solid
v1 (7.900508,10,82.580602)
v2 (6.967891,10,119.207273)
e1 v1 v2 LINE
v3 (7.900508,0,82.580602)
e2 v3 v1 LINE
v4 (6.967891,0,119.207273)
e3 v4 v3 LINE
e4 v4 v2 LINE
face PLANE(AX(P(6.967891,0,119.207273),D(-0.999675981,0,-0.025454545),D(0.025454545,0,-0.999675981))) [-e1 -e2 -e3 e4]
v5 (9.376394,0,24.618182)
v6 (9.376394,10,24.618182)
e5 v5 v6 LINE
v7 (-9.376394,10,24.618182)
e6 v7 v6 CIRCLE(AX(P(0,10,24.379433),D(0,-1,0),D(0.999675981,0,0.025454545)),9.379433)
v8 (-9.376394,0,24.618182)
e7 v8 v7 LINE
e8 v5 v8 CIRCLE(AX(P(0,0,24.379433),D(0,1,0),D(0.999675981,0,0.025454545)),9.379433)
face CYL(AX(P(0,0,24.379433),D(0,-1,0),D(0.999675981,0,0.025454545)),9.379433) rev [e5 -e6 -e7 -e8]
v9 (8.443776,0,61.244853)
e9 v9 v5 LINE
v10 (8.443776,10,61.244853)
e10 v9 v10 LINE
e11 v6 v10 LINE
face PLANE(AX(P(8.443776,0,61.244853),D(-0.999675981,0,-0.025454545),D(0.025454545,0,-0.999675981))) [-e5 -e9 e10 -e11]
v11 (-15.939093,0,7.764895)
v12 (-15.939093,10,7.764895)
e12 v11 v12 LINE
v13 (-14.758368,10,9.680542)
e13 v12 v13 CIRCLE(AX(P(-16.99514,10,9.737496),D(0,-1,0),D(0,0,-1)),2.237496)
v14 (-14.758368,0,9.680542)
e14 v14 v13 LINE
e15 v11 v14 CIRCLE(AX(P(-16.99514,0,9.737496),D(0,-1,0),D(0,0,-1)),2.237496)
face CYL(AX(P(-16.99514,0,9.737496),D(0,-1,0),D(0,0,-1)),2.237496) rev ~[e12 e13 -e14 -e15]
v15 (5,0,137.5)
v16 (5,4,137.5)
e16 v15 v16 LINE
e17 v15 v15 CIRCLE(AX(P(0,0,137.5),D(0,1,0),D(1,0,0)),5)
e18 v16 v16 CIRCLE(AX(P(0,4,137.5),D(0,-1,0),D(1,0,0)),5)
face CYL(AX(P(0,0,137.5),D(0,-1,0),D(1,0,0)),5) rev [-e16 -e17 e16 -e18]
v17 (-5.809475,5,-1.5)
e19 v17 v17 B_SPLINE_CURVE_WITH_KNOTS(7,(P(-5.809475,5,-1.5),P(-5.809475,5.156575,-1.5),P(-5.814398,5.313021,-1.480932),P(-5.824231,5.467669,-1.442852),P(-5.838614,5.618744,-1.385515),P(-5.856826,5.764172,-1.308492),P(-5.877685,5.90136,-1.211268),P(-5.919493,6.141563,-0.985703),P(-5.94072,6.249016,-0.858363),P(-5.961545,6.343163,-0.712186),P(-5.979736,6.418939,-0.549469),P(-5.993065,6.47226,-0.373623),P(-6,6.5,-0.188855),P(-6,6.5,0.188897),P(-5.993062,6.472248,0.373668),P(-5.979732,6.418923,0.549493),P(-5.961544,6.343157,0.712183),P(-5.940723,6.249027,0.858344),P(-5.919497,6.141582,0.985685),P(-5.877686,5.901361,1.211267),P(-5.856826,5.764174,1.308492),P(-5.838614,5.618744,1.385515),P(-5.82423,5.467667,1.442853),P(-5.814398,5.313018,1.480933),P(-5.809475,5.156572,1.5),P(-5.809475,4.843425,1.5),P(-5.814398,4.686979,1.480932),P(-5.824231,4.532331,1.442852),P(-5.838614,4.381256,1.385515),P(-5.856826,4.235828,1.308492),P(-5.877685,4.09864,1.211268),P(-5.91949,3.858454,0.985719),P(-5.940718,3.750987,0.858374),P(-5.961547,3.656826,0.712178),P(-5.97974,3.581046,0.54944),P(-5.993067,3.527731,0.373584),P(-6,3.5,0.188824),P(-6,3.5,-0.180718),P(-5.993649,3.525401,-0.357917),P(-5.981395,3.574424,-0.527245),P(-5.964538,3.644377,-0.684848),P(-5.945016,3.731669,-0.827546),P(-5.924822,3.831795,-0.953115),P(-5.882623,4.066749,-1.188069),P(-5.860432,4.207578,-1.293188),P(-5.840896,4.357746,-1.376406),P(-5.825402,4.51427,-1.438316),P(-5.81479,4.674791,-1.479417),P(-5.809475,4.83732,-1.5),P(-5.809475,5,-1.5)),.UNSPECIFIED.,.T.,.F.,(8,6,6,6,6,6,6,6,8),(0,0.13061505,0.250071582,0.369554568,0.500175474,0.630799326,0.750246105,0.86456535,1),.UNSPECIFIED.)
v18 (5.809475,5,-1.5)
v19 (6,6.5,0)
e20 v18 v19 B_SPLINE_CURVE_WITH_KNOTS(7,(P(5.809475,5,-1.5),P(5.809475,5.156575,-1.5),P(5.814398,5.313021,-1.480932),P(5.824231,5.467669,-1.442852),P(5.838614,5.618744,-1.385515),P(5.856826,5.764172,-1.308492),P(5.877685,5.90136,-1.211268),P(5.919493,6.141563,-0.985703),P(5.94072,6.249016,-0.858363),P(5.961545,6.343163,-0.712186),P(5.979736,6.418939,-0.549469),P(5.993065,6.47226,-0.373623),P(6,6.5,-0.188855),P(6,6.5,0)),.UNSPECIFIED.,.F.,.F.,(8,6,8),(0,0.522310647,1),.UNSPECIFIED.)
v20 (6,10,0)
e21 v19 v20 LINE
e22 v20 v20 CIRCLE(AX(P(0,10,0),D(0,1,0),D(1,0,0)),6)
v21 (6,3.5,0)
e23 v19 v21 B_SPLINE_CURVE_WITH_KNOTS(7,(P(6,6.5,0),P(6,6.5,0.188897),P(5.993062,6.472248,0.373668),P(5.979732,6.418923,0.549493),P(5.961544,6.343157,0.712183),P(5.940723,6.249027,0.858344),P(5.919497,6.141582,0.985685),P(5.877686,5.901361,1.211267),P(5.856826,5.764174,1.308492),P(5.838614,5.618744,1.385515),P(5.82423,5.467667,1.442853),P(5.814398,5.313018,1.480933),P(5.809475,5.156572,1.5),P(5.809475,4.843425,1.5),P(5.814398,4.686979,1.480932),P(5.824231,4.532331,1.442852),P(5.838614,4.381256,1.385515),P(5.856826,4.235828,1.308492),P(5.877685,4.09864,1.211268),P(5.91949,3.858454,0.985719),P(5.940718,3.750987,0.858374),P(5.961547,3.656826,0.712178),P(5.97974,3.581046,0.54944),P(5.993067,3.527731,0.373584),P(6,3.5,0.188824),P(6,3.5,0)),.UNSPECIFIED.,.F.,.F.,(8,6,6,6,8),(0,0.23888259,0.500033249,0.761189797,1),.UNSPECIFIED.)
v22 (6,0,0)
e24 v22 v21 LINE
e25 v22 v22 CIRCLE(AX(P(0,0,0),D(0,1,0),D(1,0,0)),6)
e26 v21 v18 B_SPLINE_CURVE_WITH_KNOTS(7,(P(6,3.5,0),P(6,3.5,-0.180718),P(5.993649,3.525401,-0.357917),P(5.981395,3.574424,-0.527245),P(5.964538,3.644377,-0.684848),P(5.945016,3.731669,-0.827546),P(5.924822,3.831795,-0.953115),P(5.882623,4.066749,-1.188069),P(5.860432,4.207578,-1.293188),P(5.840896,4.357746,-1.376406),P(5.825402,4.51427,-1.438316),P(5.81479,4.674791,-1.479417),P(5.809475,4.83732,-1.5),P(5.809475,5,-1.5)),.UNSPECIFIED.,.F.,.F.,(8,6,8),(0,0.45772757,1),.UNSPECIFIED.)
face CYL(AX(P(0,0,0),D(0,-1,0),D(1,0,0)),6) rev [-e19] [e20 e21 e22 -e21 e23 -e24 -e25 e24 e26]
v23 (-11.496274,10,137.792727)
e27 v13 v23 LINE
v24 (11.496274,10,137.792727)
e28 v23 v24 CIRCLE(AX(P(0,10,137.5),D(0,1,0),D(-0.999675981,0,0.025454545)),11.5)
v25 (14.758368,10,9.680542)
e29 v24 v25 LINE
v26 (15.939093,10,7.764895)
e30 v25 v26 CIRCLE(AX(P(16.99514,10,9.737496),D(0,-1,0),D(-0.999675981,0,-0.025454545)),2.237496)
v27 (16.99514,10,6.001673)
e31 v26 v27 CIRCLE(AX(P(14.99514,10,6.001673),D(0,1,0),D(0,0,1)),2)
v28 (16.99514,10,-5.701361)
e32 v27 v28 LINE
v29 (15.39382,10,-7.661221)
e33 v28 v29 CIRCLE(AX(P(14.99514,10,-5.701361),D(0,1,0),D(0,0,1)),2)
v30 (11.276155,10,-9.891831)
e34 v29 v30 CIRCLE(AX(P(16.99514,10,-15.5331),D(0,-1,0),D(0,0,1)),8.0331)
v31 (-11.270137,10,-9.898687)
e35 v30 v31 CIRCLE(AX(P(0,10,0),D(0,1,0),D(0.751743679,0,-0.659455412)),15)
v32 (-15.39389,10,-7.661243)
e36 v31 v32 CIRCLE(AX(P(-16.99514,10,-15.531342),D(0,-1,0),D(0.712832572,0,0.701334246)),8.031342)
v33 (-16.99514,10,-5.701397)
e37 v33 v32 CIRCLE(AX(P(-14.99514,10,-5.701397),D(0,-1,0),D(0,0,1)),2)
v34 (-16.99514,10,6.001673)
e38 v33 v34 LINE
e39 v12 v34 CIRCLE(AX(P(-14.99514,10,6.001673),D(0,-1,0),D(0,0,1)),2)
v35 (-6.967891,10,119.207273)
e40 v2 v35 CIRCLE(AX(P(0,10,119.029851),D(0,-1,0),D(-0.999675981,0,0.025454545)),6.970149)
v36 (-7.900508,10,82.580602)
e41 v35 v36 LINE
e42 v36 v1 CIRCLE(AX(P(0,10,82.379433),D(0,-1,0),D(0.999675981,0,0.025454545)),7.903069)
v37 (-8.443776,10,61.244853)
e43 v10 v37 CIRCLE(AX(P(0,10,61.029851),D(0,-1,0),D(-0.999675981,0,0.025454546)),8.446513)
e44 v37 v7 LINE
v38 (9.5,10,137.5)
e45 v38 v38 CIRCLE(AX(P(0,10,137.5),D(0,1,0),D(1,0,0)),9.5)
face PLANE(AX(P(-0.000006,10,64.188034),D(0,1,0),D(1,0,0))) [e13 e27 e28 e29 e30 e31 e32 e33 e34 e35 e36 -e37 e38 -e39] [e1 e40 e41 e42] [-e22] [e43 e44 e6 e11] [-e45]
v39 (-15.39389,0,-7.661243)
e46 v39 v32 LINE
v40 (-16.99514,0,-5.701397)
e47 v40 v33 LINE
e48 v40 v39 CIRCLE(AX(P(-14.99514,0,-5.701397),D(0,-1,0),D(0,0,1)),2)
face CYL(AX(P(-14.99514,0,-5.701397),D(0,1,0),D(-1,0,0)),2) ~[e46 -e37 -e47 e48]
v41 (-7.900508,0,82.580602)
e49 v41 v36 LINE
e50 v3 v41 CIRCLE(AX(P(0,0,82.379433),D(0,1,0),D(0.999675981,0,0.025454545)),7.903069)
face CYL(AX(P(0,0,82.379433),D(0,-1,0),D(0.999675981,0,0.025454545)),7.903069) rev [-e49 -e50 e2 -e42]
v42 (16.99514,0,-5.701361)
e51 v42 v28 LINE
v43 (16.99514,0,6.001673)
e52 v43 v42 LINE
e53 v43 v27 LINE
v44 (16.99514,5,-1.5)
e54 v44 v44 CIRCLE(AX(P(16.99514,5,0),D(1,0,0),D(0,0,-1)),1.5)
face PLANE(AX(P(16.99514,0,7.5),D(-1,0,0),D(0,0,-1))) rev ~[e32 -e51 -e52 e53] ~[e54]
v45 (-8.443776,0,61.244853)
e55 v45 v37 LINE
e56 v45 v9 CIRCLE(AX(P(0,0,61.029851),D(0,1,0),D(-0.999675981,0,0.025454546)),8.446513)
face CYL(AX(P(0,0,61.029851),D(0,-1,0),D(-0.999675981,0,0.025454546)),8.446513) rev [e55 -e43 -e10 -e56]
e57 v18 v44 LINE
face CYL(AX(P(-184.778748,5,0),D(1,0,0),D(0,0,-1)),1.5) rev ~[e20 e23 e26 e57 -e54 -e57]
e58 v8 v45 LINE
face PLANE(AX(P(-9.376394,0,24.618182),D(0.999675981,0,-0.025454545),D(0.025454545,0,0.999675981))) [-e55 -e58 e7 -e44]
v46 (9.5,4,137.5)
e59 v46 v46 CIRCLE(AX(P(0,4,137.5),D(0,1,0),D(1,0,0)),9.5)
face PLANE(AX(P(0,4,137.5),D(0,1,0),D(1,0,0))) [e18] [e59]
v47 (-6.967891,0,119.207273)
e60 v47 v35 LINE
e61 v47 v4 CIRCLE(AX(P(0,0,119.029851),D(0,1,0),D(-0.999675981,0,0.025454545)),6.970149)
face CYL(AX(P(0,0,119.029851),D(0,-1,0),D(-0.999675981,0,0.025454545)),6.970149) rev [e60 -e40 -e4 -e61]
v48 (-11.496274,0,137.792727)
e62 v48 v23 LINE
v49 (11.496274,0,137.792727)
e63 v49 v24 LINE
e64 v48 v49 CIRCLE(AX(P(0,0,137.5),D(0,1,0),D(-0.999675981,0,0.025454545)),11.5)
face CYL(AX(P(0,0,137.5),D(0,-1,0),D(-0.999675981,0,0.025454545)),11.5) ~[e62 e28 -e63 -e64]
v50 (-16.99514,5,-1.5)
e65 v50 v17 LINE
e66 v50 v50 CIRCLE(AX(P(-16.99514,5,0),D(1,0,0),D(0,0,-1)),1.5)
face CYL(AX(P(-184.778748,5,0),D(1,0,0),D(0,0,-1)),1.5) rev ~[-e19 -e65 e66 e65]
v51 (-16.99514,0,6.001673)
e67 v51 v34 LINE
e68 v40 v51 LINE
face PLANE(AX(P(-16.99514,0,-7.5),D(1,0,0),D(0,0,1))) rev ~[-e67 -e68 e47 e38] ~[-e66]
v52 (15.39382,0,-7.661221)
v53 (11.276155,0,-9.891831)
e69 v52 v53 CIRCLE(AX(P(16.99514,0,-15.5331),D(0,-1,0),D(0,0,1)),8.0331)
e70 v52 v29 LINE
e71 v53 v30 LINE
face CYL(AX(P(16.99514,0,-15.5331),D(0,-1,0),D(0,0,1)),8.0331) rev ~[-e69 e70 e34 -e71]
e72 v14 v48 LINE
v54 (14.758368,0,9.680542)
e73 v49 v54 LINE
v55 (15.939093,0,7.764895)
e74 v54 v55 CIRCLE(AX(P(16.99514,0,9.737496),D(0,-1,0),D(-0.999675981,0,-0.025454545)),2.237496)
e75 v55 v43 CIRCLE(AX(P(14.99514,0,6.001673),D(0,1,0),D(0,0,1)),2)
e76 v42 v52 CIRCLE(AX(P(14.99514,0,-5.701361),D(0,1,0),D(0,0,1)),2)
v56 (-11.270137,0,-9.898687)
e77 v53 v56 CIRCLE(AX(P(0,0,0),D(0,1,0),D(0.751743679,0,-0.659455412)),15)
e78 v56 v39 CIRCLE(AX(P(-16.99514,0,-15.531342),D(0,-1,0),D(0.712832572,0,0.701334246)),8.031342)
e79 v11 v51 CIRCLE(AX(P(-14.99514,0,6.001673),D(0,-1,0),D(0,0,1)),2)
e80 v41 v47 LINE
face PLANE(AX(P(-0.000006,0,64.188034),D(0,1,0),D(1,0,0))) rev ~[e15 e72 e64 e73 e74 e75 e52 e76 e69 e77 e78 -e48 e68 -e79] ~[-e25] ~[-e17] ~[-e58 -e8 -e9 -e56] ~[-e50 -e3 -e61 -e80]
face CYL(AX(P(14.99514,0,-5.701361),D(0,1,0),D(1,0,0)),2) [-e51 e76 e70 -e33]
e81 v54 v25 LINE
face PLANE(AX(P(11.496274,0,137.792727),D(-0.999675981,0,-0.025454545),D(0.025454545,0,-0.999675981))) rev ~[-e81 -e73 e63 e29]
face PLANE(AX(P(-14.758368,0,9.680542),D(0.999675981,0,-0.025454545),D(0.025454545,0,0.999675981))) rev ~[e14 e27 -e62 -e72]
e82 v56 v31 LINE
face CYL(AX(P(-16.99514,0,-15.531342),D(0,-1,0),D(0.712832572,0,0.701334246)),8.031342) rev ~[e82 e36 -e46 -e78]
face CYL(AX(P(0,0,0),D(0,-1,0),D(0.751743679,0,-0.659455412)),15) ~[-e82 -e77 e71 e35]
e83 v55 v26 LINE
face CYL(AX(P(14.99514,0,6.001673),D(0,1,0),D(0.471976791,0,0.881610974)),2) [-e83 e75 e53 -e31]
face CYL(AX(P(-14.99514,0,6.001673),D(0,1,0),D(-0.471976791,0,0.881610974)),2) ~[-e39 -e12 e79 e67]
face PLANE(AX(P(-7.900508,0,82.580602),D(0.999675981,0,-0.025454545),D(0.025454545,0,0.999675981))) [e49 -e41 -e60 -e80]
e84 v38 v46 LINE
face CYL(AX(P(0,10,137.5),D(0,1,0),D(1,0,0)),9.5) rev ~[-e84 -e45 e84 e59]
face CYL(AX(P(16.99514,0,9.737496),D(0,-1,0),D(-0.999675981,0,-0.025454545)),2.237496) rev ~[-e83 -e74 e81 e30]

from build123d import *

# Parameters (mm, degrees)
SKETCH1_R           = 6
SKETCH1_R_2         = 5
BOSS_EXTRUDE1_DEPTH = 10
SKETCH2_R           = 9.5
CUT_EXTRUDE1_DEPTH  = 6
CUT_EXTRUDE3_DEPTH  = 11
FILLET1_R           = 2
M4_TAPPED_HOLE1_D   = 3


with BuildPart() as part:
    # Sketch1 → Boss-Extrude1 (new body)
    with BuildSketch(Plane(origin=(0, 0, 0), x_dir=(1, 0, 0), z_dir=(0, 1, 0))):
        with BuildLine():
            Line((-14.758368201, -9.680542044), (-11.496273776, -137.792727273))
            ThreePointArc((-11.496273776, -137.792727273), (0, -149), (11.496273776, -137.792727273))
            Line((11.496273776, -137.792727273), (14.758368201, -9.680542044))
            ThreePointArc((14.758368201, -9.680542044), (15.433257, -8.135337646), (16.995139708, -7.5))
            Line((16.995139708, -7.5), (16.995139708, 7.5))
            ThreePointArc((16.995139708, 7.5), (13.895638119, 8.122041636), (11.276155185, 9.891831188))
            ThreePointArc((11.276155185, 9.891831188), (0.004561048, 14.999999307), (-11.270137484, 9.898686836))
            ThreePointArc((-11.270137484, 9.898686836), (-13.891539017, 8.123905388), (-16.995139708, 7.5))
            Line((-16.995139708, 7.5), (-16.995139708, -7.5))
            ThreePointArc((-16.995139708, -7.5), (-15.433257, -8.135337646), (-14.758368201, -9.680542044))
        make_face()
        Circle(SKETCH1_R, mode=Mode.SUBTRACT)
        with Locations((0, -137.5)):
            Circle(SKETCH1_R_2, mode=Mode.SUBTRACT)
    extrude(amount=BOSS_EXTRUDE1_DEPTH)

    # Sketch2 → Cut-Extrude1 (cut)
    with BuildSketch(Plane(origin=(0, 10, 0), x_dir=(1, 0, 0), z_dir=(0, 1, 0))):
        with Locations((0, -137.5)):
            Circle(SKETCH2_R)
    extrude(amount=-CUT_EXTRUDE1_DEPTH, mode=Mode.SUBTRACT)

    # Sketch4 → Cut-Extrude3 (cut, through all)
    with BuildSketch(Plane(origin=(0, 0, 0), x_dir=(1, 0, 0), z_dir=(0, 1, 0))):
        with BuildLine():
            Line((-9.376393506, -24.618181818), (-8.443776056, -61.244852893))
            ThreePointArc((-8.443776056, -61.244852893), (0, -69.476363636), (8.443776056, -61.244852893))
            Line((8.443776056, -61.244852893), (9.376393506, -24.618181818))
            ThreePointArc((9.376393506, -24.618181818), (0, -15), (-9.376393506, -24.618181818))
        make_face()
        with BuildLine():
            Line((-7.90050824, -82.580601653), (-6.96789079, -119.207272727))
            ThreePointArc((-6.96789079, -119.207272727), (0, -126), (6.96789079, -119.207272727))
            Line((6.96789079, -119.207272727), (7.90050824, -82.580601653))
            ThreePointArc((7.90050824, -82.580601653), (0, -74.476363636), (-7.90050824, -82.580601653))
        make_face()
    extrude(amount=CUT_EXTRUDE3_DEPTH, mode=Mode.SUBTRACT)

    # Fillet1
    fillet1_edges = [part.edges().sort_by_distance(p)[0] for p in [
        (-16.995139708, 5, 7.5),
        (-16.995139708, 5, -7.5),
        (16.995139708, 5, -7.5),
        (16.995139708, 5, 7.5),
    ]]
    fillet(fillet1_edges, radius=FILLET1_R)

    # M4 Tapped Hole1 (through all)
    with Locations(Plane.ZY.offset(16.995139708)):
        with Locations((0, 5)):
            Hole(M4_TAPPED_HOLE1_D / 2)


solid = part.part
